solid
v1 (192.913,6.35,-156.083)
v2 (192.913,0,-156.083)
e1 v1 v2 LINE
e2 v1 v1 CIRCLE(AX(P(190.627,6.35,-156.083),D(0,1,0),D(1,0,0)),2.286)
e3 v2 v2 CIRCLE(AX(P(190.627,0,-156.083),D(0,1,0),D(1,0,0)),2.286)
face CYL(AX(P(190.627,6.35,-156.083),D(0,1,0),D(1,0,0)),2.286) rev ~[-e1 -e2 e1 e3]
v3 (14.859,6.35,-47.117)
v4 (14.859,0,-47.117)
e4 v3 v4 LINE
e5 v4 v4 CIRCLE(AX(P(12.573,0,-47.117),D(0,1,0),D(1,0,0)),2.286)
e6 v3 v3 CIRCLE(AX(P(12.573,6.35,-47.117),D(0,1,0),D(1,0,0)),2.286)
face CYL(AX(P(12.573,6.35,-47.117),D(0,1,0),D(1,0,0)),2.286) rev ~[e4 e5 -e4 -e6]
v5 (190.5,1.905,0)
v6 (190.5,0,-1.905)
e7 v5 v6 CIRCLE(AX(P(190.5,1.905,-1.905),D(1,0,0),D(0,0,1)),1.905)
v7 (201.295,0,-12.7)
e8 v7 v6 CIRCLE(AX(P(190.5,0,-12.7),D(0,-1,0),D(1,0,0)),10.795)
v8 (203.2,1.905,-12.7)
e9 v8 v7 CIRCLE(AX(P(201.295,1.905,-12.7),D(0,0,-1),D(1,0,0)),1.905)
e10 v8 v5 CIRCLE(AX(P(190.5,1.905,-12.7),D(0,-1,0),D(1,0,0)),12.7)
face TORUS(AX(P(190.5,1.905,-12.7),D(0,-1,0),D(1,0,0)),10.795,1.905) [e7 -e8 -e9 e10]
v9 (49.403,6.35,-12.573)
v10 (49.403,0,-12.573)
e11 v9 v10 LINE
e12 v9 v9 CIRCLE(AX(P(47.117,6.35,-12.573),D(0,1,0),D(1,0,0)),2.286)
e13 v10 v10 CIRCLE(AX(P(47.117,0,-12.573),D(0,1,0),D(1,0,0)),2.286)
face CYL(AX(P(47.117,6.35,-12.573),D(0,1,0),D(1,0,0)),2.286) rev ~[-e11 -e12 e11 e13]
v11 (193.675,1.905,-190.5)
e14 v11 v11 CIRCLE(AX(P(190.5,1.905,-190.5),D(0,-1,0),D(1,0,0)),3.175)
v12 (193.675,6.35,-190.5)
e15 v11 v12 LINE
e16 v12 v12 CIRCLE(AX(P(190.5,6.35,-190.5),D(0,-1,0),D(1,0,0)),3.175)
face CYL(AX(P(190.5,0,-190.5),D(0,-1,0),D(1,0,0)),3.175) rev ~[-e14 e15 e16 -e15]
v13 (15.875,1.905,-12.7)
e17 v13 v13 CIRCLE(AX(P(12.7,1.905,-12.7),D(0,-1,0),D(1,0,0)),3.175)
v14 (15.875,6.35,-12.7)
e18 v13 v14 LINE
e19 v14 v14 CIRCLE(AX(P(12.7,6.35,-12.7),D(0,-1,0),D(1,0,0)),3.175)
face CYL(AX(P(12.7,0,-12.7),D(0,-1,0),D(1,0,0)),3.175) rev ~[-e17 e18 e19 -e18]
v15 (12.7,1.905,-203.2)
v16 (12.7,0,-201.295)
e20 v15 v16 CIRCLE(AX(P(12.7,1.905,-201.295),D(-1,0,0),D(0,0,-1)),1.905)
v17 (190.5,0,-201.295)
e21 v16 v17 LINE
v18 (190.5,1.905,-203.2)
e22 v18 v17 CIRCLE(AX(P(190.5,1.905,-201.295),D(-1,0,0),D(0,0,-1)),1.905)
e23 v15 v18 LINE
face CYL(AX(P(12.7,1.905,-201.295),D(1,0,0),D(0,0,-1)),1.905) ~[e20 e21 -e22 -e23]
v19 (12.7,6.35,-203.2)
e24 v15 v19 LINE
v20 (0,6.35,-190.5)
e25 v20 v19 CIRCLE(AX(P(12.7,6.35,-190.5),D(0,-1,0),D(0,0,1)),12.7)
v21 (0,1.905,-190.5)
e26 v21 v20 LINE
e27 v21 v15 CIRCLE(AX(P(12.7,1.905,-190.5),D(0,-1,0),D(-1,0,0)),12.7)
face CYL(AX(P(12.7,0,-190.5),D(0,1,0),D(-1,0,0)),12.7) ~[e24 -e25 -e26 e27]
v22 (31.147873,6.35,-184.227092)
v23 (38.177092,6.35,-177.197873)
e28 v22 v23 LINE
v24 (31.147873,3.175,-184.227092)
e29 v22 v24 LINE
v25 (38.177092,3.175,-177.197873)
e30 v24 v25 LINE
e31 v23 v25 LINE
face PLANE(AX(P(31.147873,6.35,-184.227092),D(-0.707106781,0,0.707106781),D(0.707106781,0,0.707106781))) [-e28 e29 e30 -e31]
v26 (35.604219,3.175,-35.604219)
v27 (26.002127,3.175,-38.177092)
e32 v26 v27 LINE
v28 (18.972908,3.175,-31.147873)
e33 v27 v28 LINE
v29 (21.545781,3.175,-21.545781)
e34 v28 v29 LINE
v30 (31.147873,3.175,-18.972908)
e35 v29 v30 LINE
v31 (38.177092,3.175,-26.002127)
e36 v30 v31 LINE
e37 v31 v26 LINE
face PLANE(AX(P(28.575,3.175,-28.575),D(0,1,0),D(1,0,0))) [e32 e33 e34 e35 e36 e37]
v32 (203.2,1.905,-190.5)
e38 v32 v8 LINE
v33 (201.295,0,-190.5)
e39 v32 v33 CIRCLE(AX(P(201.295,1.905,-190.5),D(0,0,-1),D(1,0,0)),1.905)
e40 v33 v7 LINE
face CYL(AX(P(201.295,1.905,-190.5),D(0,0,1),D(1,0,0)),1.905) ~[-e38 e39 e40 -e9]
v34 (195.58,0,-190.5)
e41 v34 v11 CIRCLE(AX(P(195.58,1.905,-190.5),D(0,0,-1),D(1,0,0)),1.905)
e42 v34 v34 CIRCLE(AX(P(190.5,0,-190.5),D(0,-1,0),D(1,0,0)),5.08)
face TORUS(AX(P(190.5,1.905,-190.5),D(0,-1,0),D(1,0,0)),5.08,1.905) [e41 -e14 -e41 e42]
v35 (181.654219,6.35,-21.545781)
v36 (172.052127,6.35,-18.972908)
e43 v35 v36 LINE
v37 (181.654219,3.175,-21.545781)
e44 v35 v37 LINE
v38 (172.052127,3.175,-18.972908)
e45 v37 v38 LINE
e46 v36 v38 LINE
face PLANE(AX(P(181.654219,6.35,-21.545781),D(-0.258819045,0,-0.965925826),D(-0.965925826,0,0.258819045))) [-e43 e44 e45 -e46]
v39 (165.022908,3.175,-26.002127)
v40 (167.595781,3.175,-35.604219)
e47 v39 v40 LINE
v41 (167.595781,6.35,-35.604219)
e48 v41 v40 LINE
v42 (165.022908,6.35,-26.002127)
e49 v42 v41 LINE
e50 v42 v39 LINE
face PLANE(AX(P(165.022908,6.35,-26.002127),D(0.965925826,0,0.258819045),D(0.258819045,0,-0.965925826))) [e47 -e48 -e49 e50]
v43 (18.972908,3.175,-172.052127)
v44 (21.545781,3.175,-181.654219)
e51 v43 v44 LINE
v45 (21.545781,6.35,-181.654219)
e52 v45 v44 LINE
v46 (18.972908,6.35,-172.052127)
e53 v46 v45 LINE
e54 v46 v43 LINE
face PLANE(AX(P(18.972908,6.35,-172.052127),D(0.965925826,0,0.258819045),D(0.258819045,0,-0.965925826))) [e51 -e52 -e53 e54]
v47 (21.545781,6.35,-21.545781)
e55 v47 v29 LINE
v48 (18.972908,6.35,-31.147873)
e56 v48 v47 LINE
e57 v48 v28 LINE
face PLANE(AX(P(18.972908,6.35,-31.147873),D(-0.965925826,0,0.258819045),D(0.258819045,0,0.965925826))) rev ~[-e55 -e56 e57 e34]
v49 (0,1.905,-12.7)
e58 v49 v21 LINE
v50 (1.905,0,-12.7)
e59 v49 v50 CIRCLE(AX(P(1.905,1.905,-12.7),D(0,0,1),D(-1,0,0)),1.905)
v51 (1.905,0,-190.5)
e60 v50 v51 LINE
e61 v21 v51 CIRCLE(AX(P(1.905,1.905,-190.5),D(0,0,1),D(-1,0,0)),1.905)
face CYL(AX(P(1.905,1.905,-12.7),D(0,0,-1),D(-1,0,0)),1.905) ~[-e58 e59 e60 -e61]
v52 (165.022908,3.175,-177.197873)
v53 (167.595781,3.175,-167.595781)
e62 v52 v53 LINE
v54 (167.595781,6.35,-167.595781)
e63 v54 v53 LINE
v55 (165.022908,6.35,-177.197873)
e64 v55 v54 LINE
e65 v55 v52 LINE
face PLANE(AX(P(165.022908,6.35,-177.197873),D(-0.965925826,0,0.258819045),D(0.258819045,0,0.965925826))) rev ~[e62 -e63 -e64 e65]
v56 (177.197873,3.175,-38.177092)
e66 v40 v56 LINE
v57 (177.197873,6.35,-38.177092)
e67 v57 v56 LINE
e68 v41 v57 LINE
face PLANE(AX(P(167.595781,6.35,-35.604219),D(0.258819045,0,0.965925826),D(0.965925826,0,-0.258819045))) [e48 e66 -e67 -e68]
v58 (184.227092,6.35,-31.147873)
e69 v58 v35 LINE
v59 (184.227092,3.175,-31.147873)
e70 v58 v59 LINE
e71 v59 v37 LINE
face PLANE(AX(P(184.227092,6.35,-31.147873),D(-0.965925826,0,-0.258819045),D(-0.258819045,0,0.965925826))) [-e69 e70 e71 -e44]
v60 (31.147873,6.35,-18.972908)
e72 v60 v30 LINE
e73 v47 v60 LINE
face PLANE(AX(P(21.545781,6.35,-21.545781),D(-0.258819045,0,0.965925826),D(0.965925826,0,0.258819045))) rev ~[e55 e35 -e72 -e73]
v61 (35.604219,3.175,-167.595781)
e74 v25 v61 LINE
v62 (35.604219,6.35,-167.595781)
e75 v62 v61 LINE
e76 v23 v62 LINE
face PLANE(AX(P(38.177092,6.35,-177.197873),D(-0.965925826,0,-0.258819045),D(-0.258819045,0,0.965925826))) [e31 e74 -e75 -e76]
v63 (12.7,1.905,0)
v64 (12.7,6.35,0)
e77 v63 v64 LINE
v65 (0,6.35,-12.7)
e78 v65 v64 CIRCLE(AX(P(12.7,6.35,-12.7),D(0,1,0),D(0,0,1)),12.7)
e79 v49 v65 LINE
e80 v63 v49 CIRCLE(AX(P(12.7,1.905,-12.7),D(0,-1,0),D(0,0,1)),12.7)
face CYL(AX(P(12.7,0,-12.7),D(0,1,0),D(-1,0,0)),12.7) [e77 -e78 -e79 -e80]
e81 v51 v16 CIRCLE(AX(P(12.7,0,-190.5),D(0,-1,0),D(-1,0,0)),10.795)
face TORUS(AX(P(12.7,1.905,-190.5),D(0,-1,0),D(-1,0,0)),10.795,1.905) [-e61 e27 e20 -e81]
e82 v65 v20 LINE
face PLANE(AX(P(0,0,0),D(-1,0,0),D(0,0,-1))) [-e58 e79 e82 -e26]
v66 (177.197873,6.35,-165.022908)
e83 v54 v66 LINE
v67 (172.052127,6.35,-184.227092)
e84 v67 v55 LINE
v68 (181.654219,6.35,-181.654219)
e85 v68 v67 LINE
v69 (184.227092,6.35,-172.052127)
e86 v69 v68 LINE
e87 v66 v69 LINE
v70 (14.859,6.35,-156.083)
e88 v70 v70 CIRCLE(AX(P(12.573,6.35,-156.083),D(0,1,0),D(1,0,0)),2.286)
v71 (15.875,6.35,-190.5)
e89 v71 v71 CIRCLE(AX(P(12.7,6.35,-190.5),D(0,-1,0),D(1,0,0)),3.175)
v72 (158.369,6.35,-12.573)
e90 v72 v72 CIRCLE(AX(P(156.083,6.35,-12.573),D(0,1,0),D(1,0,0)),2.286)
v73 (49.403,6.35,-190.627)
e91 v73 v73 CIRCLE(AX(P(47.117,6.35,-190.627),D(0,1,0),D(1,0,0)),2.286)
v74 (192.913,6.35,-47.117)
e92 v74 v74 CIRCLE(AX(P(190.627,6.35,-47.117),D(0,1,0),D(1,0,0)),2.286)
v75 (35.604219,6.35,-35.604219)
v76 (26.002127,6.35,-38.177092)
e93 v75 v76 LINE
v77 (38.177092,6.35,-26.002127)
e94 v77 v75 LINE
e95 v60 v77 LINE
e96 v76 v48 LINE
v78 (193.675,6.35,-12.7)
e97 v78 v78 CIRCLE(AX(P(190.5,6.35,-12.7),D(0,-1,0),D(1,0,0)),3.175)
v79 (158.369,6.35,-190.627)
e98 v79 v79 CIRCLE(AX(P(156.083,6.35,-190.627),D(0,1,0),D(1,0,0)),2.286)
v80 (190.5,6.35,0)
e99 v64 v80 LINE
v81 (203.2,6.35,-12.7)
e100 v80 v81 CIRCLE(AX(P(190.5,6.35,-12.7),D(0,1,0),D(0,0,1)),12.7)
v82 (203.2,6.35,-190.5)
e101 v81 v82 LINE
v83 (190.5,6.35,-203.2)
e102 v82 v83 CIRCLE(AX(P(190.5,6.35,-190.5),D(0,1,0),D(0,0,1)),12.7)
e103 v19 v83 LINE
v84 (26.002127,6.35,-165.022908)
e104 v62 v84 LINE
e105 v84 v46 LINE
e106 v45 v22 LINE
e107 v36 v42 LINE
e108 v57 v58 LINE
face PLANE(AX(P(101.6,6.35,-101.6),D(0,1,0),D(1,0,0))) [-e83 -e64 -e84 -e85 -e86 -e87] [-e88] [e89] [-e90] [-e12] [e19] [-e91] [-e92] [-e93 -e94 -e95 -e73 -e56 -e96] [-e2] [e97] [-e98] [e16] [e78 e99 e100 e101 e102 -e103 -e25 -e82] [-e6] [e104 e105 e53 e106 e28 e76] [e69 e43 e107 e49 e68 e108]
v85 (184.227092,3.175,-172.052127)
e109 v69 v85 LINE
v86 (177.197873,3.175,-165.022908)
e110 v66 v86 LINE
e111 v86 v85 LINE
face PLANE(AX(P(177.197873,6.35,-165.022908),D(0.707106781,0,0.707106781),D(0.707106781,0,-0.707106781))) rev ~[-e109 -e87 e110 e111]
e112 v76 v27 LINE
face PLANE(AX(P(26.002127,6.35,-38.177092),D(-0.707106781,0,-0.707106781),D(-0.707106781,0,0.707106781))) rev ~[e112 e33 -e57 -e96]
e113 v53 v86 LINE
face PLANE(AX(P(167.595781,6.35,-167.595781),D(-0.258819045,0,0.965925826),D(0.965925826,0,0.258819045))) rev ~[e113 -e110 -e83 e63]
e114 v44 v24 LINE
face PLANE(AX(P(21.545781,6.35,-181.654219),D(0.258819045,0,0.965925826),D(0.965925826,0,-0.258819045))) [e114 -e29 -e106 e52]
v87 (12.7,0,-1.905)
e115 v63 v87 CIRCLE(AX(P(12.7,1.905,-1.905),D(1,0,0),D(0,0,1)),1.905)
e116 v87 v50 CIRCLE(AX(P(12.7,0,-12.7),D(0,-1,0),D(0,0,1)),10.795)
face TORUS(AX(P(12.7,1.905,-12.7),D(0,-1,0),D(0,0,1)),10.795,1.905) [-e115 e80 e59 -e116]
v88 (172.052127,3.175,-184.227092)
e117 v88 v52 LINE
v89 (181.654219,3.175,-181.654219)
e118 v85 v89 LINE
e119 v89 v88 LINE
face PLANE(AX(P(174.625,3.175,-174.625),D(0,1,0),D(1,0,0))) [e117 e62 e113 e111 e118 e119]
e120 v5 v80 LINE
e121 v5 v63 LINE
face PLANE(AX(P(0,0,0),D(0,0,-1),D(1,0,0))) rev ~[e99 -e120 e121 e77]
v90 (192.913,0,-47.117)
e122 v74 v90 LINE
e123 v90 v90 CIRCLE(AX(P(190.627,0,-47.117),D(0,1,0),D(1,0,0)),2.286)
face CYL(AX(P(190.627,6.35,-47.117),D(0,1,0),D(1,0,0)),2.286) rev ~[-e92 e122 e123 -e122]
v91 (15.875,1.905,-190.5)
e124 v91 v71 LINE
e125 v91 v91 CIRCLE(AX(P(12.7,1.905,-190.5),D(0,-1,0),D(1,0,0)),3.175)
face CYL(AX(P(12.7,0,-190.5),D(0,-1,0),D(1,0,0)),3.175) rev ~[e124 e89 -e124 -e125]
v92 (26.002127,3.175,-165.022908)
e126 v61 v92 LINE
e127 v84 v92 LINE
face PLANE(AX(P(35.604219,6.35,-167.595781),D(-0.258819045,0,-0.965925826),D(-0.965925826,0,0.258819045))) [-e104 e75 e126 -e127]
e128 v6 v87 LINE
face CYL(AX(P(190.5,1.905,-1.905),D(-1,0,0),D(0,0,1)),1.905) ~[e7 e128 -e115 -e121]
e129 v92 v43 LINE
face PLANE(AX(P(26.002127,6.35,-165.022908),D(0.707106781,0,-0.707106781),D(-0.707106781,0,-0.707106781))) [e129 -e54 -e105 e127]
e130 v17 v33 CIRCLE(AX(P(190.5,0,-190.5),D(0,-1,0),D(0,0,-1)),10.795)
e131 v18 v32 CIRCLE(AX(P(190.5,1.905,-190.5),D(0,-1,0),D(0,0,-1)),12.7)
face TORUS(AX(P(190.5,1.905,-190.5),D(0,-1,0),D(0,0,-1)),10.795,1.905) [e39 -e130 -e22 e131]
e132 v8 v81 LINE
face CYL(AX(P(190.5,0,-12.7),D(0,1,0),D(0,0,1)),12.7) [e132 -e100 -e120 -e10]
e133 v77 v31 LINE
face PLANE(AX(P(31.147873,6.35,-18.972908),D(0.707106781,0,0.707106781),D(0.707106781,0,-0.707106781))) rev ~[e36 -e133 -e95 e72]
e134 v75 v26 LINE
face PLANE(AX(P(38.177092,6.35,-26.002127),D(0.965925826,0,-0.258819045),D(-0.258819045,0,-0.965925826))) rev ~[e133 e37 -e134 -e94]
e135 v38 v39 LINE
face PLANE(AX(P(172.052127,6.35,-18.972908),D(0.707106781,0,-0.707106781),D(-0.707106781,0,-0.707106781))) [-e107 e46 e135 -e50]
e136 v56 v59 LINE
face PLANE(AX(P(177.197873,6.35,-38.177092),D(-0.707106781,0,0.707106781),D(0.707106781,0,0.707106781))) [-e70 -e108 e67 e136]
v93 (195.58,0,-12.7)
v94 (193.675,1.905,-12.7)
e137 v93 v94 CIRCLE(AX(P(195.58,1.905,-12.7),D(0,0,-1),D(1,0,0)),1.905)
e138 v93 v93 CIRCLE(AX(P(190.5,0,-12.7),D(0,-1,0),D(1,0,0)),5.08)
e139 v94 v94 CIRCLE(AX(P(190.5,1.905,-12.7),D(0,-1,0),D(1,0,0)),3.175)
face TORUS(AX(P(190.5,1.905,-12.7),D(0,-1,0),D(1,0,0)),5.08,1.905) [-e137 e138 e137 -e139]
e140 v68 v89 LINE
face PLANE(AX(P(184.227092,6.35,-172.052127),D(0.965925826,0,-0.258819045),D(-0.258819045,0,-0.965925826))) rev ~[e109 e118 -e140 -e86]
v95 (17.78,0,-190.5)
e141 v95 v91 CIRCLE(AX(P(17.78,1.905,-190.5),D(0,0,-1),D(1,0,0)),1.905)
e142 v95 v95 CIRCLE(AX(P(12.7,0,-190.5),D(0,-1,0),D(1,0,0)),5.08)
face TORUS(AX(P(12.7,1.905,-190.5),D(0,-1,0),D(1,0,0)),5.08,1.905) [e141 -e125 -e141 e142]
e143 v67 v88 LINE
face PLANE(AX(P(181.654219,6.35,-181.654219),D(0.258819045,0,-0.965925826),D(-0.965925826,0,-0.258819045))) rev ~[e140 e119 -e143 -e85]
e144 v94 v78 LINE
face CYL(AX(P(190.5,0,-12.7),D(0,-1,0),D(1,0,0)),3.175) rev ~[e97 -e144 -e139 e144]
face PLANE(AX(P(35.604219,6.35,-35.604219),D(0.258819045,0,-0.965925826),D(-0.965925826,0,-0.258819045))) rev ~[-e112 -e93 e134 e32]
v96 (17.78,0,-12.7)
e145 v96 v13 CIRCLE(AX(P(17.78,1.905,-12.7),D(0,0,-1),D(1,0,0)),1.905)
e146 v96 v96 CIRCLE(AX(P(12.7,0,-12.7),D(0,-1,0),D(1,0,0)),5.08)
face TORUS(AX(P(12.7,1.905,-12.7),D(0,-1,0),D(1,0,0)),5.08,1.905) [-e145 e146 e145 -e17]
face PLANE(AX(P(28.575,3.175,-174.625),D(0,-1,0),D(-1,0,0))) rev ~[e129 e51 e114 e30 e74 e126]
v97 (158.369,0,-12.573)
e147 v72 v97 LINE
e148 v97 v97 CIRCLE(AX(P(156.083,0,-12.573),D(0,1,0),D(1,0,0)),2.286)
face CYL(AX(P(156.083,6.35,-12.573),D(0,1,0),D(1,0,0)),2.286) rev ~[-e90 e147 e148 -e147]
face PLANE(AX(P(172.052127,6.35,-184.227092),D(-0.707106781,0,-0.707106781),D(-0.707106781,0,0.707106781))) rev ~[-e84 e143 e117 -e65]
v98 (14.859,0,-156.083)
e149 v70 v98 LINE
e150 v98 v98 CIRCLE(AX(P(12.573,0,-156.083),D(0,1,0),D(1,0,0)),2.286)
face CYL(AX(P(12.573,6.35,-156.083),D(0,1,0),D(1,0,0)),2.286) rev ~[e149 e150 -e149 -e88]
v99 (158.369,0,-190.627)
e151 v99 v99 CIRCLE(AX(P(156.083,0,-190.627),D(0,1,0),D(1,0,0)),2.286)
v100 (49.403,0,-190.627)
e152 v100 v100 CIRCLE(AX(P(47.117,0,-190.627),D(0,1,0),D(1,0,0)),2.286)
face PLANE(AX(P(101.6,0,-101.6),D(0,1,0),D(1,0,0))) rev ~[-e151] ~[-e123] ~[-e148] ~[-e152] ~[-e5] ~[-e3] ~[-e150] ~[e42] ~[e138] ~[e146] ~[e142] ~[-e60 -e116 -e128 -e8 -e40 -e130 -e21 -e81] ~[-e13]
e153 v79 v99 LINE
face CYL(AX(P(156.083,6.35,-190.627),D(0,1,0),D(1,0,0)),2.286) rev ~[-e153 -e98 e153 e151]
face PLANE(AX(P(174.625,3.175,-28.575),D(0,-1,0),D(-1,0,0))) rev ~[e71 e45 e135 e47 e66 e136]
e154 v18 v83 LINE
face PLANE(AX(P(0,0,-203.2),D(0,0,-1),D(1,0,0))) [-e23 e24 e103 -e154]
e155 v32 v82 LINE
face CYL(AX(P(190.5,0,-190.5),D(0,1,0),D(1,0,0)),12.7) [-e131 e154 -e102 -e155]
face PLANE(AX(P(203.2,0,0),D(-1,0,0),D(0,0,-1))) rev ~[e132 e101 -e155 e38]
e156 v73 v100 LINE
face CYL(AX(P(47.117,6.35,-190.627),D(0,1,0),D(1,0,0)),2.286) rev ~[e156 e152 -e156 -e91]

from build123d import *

# Parameters (mm, degrees)
SKETCH1_W           = 203.2
SKETCH1_H           = 203.2
BOSS_EXTRUDE1_DEPTH = 6.35
FILLET1_R           = 12.7
SKETCH2_R           = 3.175
CUT_EXTRUDE1_DEPTH  = 7.35
CUT_EXTRUDE2_DEPTH  = 3.175
FILLET2_R           = 1.905
SKETCH28_R          = 2.286
CUT_EXTRUDE3_DEPTH  = 7.35


with BuildPart() as part:
    # Sketch1 → Boss-Extrude1 (new body)
    with BuildSketch(Plane(origin=(0, 0, 0), x_dir=(1, 0, 0), z_dir=(0, 1, 0))):
        with Locations((101.6, 101.6)):
            Rectangle(SKETCH1_W, SKETCH1_H)
    extrude(amount=BOSS_EXTRUDE1_DEPTH)

    # Fillet1
    fillet1_edges = [part.edges().sort_by_distance(p)[0] for p in [
        (0, 3.175, -203.2),
        (203.2, 3.175, -203.2),
        (203.2, 3.175, 0),
        (0, 3.175, 0),
    ]]
    fillet(fillet1_edges, radius=FILLET1_R)

    # Sketch2 → Cut-Extrude1 (cut, through all)
    with BuildSketch(Plane.XZ):
        with Locations((12.7, -12.7)):
            Circle(SKETCH2_R)
        with Locations((190.5, -12.7)):
            Circle(SKETCH2_R)
        with Locations((190.5, -190.5)):
            Circle(SKETCH2_R)
        with Locations((12.7, -190.5)):
            Circle(SKETCH2_R)
    extrude(amount=-CUT_EXTRUDE1_DEPTH, mode=Mode.SUBTRACT)

    # Sketch22 → Cut-Extrude2 (cut)
    with BuildSketch(Plane(origin=(0, 6.35, 0), x_dir=(1, 0, 0), z_dir=(0, 1, 0))):
        Polygon((181.654219065, 181.654219065), (172.052127253, 184.227091812), (165.022908188, 177.197872747), (167.595780935, 167.595780935), (177.197872747, 165.022908188), (184.227091812, 172.052127253), align=None)
        Polygon((18.972908188, 172.052127253), (21.545780935, 181.654219065), (31.147872747, 184.227091812), (38.177091812, 177.197872747), (35.604219065, 167.595780935), (26.002127253, 165.022908188), align=None)
        Polygon((184.227091812, 31.147872747), (181.654219065, 21.545780935), (172.052127253, 18.972908188), (165.022908188, 26.002127253), (167.595780935, 35.604219065), (177.197872747, 38.177091812), align=None)
        Polygon((21.545780935, 21.545780935), (31.147872747, 18.972908188), (38.177091812, 26.002127253), (35.604219065, 35.604219065), (26.002127253, 38.177091812), (18.972908188, 31.147872747), align=None)
    extrude(amount=-CUT_EXTRUDE2_DEPTH, mode=Mode.SUBTRACT)

    # Fillet2
    fillet2_edges = [part.edges().sort_by_distance(p)[0] for p in [
        (0, 0, -101.6),
        (101.6, 0, -203.2),
        (203.2, 0, -101.6),
        (101.6, 0, 0),
        (199.480256121, 0, -199.480256121),
        (199.480256121, 0, -3.719743879),
        (3.719743879, 0, -3.719743879),
        (3.719743879, 0, -199.480256121),
        (9.525, 0, -190.5),
        (187.325, 0, -190.5),
        (187.325, 0, -12.7),
        (9.525, 0, -12.7),
    ]]
    fillet(fillet2_edges, radius=FILLET2_R)

    # Sketch28 → Cut-Extrude3 (cut, through all)
    with BuildSketch(Plane(origin=(0, 6.35, 0), x_dir=(1, 0, 0), z_dir=(0, 1, 0))):
        with Locations((47.117, 190.627)):
            Circle(SKETCH28_R)
        with Locations((156.083, 190.627)):
            Circle(SKETCH28_R)
        with Locations((190.627, 156.083)):
            Circle(SKETCH28_R)
        with Locations((190.627, 47.117)):
            Circle(SKETCH28_R)
        with Locations((156.083, 12.573)):
            Circle(SKETCH28_R)
        with Locations((47.117, 12.573)):
            Circle(SKETCH28_R)
        with Locations((12.573, 156.083)):
            Circle(SKETCH28_R)
        with Locations((12.573, 47.117)):
            Circle(SKETCH28_R)
    extrude(amount=-CUT_EXTRUDE3_DEPTH, mode=Mode.SUBTRACT)


solid = part.part
